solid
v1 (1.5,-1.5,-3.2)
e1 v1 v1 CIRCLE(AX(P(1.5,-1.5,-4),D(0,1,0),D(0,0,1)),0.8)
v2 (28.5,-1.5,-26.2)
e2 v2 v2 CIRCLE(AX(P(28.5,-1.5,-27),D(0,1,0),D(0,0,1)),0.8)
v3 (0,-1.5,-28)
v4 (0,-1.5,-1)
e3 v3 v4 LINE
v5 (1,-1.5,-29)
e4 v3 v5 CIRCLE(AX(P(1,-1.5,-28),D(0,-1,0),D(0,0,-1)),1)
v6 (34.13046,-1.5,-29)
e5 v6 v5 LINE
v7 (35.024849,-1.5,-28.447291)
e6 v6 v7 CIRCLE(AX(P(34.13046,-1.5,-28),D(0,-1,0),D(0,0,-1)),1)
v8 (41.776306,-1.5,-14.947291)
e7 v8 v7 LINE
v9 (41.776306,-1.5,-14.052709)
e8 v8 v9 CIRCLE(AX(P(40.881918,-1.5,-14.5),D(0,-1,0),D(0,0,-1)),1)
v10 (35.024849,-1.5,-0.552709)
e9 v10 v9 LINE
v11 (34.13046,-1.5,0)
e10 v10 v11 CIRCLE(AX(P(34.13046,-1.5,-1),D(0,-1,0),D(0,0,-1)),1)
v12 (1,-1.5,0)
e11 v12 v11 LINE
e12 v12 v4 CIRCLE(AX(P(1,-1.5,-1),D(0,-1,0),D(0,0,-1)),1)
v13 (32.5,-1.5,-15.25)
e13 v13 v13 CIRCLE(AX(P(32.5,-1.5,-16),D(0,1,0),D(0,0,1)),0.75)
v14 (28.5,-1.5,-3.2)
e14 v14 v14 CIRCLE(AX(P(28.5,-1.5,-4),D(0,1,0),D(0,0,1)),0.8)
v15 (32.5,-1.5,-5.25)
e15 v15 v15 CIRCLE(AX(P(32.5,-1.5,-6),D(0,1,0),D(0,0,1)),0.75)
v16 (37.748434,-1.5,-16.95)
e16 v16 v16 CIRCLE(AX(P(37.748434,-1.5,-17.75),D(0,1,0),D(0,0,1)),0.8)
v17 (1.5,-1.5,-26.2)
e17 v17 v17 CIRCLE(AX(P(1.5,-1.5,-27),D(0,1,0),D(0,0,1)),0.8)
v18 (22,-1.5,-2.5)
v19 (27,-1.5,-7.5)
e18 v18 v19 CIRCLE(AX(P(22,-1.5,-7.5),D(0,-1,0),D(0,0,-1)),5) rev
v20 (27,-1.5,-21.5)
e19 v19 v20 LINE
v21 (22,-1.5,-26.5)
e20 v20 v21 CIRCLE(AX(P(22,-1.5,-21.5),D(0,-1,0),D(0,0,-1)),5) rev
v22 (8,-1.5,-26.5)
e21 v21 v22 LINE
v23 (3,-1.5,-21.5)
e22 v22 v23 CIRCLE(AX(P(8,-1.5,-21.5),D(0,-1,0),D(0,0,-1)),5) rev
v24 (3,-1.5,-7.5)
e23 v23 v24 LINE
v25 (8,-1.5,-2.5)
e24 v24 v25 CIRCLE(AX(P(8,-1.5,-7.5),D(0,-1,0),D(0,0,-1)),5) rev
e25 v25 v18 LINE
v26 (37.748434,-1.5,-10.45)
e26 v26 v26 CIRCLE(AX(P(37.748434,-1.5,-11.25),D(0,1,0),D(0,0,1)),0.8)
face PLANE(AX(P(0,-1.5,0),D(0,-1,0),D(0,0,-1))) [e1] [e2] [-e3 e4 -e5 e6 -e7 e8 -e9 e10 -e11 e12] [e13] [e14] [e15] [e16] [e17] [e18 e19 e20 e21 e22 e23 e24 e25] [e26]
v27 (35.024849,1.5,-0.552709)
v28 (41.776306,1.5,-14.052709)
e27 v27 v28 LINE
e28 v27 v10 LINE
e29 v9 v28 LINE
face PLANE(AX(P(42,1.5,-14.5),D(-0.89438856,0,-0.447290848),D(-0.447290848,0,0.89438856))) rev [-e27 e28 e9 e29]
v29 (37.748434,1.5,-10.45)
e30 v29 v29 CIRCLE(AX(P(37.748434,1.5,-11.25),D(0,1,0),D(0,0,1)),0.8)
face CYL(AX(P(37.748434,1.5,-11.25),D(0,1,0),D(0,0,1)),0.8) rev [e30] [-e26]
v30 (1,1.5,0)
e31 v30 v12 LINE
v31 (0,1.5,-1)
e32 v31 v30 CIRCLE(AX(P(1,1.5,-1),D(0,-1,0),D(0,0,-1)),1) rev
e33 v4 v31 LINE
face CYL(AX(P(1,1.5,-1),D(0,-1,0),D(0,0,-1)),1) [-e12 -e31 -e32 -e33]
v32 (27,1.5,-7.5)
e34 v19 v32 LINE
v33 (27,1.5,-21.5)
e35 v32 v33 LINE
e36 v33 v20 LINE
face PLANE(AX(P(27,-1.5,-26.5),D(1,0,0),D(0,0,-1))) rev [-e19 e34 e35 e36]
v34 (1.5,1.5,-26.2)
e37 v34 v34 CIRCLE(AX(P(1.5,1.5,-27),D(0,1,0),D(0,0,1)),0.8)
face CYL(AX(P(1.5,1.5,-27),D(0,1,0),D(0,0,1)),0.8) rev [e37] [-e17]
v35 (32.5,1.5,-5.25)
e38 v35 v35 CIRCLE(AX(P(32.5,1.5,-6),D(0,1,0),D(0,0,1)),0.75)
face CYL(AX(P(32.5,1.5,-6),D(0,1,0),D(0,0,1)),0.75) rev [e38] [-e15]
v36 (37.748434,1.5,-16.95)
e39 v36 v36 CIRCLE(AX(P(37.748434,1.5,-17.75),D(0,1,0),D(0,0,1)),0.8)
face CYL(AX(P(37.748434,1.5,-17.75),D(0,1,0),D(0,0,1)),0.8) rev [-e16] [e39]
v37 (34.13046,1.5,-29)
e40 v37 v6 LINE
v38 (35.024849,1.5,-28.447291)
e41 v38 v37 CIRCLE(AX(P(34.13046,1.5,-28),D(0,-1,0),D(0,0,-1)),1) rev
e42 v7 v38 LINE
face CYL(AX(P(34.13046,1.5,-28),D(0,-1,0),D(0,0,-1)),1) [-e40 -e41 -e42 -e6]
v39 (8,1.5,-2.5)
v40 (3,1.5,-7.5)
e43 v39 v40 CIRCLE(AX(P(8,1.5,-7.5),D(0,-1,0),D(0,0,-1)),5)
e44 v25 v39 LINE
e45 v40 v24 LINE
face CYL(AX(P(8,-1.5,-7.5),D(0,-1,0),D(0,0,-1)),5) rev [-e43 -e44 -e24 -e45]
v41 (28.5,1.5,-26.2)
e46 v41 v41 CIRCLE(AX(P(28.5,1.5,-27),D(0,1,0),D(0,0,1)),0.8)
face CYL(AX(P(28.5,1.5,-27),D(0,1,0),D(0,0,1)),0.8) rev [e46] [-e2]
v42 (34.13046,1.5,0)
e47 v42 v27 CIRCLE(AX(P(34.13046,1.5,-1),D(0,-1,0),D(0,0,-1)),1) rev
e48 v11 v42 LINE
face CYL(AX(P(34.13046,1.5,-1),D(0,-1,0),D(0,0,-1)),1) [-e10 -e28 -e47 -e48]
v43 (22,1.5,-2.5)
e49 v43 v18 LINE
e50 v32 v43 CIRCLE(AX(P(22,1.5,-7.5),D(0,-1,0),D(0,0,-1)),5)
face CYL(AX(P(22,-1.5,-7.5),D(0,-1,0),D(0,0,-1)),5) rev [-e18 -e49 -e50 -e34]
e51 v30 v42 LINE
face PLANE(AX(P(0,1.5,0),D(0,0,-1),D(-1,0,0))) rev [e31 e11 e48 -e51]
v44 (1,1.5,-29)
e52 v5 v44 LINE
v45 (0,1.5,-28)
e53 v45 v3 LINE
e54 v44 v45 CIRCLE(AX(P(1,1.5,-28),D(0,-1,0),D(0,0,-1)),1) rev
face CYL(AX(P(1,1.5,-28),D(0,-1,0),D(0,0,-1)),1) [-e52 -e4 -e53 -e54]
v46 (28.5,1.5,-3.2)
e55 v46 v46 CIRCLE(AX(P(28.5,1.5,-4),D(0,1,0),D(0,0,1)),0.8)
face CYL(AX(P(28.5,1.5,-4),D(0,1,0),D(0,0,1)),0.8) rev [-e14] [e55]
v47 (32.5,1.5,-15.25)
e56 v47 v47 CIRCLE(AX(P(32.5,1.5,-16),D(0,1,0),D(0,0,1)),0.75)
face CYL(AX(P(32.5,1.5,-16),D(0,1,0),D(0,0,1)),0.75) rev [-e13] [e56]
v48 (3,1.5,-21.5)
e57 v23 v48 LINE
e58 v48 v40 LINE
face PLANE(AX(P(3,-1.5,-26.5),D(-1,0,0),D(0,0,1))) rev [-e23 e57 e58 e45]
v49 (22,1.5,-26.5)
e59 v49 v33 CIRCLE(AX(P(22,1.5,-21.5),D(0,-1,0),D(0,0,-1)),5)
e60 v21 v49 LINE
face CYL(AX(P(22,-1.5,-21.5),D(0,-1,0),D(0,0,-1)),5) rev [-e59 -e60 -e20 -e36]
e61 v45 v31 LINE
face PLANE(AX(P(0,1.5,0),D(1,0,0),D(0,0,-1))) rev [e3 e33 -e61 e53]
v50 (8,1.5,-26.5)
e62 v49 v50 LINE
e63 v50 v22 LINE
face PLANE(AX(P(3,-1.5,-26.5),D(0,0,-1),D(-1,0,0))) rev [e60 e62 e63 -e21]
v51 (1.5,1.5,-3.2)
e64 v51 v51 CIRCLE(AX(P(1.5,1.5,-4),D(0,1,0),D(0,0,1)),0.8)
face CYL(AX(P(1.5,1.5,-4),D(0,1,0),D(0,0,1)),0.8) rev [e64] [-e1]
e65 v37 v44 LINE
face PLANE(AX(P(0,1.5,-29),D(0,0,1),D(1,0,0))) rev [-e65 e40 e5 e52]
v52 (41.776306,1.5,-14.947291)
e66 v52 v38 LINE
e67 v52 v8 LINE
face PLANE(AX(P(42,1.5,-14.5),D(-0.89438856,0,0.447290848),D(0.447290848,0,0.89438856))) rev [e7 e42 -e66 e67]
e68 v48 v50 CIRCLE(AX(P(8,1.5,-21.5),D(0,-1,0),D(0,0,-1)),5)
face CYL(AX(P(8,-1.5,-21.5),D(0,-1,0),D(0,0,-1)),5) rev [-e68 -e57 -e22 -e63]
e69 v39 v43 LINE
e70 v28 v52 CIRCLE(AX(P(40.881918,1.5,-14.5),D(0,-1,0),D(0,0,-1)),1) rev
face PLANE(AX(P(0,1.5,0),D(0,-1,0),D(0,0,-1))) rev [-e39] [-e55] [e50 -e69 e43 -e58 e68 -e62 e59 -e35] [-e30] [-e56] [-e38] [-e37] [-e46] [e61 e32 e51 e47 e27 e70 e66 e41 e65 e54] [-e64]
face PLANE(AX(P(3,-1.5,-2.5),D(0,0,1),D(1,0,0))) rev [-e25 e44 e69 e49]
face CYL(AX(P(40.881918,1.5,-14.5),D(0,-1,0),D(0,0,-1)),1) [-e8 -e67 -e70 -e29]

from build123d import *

# Parameters (mm, degrees)
BOSS_EXTRUDE1_DEPTH     = 1.5
CUT_EXTRUDE1_DEPTH      = 52.061237744
CUT_EXTRUDE1_DEPTH_BACK = 52.061237744
SKETCH2_W               = 24
SKETCH2_H               = 24
FILLET1_R               = 5
M2X0_4_TAPPED_HOLE1_D   = 1.6
F_1_5MM_DOWEL_HOLE1_D   = 1.5
FILLET2_R               = 1


with BuildPart() as part:
    # Sketch1 → Boss-Extrude1 (new, symmetric)
    with BuildSketch(Plane(origin=(0, 0, 0), x_dir=(1, 0, 0), z_dir=(0, 1, 0))):
        Polygon((0, 0), (34.748434417, 0), (42, 14.5), (34.748434417, 29), (0, 29), align=None)
    extrude(amount=BOSS_EXTRUDE1_DEPTH, both=True)

    # Sketch2 → Cut-Extrude1 (cut, two sides: drawn at the far end of the back side and taken through both)
    with BuildSketch(Plane(origin=(0, 0, 0), x_dir=(1, 0, 0), z_dir=(0, 1, 0)).offset(-CUT_EXTRUDE1_DEPTH_BACK)):
        with Locations((15, 14.5)):
            Rectangle(SKETCH2_W, SKETCH2_H)
    extrude(amount=CUT_EXTRUDE1_DEPTH + CUT_EXTRUDE1_DEPTH_BACK, mode=Mode.SUBTRACT)

    # Fillet1
    fillet1_edges = [part.edges().sort_by_distance(p)[0] for p in [
        (3, 0, -2.5),
        (3, 0, -26.5),
        (27, 0, -26.5),
        (27, 0, -2.5),
    ]]
    fillet(fillet1_edges, radius=FILLET1_R)

    # M2x0.4 Tapped Hole1 (through all)
    with Locations(Plane(origin=(1.5, 1.5, -27), x_dir=(0, 0, 1), z_dir=(0, 1, 0))):
        with Locations((0, 0), (0, 27), (9.25, 36.248434417), (15.75, 36.248434417), (23, 27), (23, 0)):
            Hole(M2X0_4_TAPPED_HOLE1_D / 2)

    # Ø1.5mm Dowel Hole1 (through all)
    with Locations(Plane(origin=(32.5, 1.5, -16), x_dir=(0, 0, 1), z_dir=(0, 1, 0))):
        with Locations((0, 0), (10, 0)):
            Hole(F_1_5MM_DOWEL_HOLE1_D / 2)

    # Fillet2
    fillet2_edges = [part.edges().sort_by_distance(p)[0] for p in [
        (0, 0, -29),
        (34.748434417, 0, -29),
        (42, 0, -14.5),
        (34.748434417, 0, 0),
        (0, 0, 0),
    ]]
    fillet(fillet2_edges, radius=FILLET2_R)


solid = part.part
